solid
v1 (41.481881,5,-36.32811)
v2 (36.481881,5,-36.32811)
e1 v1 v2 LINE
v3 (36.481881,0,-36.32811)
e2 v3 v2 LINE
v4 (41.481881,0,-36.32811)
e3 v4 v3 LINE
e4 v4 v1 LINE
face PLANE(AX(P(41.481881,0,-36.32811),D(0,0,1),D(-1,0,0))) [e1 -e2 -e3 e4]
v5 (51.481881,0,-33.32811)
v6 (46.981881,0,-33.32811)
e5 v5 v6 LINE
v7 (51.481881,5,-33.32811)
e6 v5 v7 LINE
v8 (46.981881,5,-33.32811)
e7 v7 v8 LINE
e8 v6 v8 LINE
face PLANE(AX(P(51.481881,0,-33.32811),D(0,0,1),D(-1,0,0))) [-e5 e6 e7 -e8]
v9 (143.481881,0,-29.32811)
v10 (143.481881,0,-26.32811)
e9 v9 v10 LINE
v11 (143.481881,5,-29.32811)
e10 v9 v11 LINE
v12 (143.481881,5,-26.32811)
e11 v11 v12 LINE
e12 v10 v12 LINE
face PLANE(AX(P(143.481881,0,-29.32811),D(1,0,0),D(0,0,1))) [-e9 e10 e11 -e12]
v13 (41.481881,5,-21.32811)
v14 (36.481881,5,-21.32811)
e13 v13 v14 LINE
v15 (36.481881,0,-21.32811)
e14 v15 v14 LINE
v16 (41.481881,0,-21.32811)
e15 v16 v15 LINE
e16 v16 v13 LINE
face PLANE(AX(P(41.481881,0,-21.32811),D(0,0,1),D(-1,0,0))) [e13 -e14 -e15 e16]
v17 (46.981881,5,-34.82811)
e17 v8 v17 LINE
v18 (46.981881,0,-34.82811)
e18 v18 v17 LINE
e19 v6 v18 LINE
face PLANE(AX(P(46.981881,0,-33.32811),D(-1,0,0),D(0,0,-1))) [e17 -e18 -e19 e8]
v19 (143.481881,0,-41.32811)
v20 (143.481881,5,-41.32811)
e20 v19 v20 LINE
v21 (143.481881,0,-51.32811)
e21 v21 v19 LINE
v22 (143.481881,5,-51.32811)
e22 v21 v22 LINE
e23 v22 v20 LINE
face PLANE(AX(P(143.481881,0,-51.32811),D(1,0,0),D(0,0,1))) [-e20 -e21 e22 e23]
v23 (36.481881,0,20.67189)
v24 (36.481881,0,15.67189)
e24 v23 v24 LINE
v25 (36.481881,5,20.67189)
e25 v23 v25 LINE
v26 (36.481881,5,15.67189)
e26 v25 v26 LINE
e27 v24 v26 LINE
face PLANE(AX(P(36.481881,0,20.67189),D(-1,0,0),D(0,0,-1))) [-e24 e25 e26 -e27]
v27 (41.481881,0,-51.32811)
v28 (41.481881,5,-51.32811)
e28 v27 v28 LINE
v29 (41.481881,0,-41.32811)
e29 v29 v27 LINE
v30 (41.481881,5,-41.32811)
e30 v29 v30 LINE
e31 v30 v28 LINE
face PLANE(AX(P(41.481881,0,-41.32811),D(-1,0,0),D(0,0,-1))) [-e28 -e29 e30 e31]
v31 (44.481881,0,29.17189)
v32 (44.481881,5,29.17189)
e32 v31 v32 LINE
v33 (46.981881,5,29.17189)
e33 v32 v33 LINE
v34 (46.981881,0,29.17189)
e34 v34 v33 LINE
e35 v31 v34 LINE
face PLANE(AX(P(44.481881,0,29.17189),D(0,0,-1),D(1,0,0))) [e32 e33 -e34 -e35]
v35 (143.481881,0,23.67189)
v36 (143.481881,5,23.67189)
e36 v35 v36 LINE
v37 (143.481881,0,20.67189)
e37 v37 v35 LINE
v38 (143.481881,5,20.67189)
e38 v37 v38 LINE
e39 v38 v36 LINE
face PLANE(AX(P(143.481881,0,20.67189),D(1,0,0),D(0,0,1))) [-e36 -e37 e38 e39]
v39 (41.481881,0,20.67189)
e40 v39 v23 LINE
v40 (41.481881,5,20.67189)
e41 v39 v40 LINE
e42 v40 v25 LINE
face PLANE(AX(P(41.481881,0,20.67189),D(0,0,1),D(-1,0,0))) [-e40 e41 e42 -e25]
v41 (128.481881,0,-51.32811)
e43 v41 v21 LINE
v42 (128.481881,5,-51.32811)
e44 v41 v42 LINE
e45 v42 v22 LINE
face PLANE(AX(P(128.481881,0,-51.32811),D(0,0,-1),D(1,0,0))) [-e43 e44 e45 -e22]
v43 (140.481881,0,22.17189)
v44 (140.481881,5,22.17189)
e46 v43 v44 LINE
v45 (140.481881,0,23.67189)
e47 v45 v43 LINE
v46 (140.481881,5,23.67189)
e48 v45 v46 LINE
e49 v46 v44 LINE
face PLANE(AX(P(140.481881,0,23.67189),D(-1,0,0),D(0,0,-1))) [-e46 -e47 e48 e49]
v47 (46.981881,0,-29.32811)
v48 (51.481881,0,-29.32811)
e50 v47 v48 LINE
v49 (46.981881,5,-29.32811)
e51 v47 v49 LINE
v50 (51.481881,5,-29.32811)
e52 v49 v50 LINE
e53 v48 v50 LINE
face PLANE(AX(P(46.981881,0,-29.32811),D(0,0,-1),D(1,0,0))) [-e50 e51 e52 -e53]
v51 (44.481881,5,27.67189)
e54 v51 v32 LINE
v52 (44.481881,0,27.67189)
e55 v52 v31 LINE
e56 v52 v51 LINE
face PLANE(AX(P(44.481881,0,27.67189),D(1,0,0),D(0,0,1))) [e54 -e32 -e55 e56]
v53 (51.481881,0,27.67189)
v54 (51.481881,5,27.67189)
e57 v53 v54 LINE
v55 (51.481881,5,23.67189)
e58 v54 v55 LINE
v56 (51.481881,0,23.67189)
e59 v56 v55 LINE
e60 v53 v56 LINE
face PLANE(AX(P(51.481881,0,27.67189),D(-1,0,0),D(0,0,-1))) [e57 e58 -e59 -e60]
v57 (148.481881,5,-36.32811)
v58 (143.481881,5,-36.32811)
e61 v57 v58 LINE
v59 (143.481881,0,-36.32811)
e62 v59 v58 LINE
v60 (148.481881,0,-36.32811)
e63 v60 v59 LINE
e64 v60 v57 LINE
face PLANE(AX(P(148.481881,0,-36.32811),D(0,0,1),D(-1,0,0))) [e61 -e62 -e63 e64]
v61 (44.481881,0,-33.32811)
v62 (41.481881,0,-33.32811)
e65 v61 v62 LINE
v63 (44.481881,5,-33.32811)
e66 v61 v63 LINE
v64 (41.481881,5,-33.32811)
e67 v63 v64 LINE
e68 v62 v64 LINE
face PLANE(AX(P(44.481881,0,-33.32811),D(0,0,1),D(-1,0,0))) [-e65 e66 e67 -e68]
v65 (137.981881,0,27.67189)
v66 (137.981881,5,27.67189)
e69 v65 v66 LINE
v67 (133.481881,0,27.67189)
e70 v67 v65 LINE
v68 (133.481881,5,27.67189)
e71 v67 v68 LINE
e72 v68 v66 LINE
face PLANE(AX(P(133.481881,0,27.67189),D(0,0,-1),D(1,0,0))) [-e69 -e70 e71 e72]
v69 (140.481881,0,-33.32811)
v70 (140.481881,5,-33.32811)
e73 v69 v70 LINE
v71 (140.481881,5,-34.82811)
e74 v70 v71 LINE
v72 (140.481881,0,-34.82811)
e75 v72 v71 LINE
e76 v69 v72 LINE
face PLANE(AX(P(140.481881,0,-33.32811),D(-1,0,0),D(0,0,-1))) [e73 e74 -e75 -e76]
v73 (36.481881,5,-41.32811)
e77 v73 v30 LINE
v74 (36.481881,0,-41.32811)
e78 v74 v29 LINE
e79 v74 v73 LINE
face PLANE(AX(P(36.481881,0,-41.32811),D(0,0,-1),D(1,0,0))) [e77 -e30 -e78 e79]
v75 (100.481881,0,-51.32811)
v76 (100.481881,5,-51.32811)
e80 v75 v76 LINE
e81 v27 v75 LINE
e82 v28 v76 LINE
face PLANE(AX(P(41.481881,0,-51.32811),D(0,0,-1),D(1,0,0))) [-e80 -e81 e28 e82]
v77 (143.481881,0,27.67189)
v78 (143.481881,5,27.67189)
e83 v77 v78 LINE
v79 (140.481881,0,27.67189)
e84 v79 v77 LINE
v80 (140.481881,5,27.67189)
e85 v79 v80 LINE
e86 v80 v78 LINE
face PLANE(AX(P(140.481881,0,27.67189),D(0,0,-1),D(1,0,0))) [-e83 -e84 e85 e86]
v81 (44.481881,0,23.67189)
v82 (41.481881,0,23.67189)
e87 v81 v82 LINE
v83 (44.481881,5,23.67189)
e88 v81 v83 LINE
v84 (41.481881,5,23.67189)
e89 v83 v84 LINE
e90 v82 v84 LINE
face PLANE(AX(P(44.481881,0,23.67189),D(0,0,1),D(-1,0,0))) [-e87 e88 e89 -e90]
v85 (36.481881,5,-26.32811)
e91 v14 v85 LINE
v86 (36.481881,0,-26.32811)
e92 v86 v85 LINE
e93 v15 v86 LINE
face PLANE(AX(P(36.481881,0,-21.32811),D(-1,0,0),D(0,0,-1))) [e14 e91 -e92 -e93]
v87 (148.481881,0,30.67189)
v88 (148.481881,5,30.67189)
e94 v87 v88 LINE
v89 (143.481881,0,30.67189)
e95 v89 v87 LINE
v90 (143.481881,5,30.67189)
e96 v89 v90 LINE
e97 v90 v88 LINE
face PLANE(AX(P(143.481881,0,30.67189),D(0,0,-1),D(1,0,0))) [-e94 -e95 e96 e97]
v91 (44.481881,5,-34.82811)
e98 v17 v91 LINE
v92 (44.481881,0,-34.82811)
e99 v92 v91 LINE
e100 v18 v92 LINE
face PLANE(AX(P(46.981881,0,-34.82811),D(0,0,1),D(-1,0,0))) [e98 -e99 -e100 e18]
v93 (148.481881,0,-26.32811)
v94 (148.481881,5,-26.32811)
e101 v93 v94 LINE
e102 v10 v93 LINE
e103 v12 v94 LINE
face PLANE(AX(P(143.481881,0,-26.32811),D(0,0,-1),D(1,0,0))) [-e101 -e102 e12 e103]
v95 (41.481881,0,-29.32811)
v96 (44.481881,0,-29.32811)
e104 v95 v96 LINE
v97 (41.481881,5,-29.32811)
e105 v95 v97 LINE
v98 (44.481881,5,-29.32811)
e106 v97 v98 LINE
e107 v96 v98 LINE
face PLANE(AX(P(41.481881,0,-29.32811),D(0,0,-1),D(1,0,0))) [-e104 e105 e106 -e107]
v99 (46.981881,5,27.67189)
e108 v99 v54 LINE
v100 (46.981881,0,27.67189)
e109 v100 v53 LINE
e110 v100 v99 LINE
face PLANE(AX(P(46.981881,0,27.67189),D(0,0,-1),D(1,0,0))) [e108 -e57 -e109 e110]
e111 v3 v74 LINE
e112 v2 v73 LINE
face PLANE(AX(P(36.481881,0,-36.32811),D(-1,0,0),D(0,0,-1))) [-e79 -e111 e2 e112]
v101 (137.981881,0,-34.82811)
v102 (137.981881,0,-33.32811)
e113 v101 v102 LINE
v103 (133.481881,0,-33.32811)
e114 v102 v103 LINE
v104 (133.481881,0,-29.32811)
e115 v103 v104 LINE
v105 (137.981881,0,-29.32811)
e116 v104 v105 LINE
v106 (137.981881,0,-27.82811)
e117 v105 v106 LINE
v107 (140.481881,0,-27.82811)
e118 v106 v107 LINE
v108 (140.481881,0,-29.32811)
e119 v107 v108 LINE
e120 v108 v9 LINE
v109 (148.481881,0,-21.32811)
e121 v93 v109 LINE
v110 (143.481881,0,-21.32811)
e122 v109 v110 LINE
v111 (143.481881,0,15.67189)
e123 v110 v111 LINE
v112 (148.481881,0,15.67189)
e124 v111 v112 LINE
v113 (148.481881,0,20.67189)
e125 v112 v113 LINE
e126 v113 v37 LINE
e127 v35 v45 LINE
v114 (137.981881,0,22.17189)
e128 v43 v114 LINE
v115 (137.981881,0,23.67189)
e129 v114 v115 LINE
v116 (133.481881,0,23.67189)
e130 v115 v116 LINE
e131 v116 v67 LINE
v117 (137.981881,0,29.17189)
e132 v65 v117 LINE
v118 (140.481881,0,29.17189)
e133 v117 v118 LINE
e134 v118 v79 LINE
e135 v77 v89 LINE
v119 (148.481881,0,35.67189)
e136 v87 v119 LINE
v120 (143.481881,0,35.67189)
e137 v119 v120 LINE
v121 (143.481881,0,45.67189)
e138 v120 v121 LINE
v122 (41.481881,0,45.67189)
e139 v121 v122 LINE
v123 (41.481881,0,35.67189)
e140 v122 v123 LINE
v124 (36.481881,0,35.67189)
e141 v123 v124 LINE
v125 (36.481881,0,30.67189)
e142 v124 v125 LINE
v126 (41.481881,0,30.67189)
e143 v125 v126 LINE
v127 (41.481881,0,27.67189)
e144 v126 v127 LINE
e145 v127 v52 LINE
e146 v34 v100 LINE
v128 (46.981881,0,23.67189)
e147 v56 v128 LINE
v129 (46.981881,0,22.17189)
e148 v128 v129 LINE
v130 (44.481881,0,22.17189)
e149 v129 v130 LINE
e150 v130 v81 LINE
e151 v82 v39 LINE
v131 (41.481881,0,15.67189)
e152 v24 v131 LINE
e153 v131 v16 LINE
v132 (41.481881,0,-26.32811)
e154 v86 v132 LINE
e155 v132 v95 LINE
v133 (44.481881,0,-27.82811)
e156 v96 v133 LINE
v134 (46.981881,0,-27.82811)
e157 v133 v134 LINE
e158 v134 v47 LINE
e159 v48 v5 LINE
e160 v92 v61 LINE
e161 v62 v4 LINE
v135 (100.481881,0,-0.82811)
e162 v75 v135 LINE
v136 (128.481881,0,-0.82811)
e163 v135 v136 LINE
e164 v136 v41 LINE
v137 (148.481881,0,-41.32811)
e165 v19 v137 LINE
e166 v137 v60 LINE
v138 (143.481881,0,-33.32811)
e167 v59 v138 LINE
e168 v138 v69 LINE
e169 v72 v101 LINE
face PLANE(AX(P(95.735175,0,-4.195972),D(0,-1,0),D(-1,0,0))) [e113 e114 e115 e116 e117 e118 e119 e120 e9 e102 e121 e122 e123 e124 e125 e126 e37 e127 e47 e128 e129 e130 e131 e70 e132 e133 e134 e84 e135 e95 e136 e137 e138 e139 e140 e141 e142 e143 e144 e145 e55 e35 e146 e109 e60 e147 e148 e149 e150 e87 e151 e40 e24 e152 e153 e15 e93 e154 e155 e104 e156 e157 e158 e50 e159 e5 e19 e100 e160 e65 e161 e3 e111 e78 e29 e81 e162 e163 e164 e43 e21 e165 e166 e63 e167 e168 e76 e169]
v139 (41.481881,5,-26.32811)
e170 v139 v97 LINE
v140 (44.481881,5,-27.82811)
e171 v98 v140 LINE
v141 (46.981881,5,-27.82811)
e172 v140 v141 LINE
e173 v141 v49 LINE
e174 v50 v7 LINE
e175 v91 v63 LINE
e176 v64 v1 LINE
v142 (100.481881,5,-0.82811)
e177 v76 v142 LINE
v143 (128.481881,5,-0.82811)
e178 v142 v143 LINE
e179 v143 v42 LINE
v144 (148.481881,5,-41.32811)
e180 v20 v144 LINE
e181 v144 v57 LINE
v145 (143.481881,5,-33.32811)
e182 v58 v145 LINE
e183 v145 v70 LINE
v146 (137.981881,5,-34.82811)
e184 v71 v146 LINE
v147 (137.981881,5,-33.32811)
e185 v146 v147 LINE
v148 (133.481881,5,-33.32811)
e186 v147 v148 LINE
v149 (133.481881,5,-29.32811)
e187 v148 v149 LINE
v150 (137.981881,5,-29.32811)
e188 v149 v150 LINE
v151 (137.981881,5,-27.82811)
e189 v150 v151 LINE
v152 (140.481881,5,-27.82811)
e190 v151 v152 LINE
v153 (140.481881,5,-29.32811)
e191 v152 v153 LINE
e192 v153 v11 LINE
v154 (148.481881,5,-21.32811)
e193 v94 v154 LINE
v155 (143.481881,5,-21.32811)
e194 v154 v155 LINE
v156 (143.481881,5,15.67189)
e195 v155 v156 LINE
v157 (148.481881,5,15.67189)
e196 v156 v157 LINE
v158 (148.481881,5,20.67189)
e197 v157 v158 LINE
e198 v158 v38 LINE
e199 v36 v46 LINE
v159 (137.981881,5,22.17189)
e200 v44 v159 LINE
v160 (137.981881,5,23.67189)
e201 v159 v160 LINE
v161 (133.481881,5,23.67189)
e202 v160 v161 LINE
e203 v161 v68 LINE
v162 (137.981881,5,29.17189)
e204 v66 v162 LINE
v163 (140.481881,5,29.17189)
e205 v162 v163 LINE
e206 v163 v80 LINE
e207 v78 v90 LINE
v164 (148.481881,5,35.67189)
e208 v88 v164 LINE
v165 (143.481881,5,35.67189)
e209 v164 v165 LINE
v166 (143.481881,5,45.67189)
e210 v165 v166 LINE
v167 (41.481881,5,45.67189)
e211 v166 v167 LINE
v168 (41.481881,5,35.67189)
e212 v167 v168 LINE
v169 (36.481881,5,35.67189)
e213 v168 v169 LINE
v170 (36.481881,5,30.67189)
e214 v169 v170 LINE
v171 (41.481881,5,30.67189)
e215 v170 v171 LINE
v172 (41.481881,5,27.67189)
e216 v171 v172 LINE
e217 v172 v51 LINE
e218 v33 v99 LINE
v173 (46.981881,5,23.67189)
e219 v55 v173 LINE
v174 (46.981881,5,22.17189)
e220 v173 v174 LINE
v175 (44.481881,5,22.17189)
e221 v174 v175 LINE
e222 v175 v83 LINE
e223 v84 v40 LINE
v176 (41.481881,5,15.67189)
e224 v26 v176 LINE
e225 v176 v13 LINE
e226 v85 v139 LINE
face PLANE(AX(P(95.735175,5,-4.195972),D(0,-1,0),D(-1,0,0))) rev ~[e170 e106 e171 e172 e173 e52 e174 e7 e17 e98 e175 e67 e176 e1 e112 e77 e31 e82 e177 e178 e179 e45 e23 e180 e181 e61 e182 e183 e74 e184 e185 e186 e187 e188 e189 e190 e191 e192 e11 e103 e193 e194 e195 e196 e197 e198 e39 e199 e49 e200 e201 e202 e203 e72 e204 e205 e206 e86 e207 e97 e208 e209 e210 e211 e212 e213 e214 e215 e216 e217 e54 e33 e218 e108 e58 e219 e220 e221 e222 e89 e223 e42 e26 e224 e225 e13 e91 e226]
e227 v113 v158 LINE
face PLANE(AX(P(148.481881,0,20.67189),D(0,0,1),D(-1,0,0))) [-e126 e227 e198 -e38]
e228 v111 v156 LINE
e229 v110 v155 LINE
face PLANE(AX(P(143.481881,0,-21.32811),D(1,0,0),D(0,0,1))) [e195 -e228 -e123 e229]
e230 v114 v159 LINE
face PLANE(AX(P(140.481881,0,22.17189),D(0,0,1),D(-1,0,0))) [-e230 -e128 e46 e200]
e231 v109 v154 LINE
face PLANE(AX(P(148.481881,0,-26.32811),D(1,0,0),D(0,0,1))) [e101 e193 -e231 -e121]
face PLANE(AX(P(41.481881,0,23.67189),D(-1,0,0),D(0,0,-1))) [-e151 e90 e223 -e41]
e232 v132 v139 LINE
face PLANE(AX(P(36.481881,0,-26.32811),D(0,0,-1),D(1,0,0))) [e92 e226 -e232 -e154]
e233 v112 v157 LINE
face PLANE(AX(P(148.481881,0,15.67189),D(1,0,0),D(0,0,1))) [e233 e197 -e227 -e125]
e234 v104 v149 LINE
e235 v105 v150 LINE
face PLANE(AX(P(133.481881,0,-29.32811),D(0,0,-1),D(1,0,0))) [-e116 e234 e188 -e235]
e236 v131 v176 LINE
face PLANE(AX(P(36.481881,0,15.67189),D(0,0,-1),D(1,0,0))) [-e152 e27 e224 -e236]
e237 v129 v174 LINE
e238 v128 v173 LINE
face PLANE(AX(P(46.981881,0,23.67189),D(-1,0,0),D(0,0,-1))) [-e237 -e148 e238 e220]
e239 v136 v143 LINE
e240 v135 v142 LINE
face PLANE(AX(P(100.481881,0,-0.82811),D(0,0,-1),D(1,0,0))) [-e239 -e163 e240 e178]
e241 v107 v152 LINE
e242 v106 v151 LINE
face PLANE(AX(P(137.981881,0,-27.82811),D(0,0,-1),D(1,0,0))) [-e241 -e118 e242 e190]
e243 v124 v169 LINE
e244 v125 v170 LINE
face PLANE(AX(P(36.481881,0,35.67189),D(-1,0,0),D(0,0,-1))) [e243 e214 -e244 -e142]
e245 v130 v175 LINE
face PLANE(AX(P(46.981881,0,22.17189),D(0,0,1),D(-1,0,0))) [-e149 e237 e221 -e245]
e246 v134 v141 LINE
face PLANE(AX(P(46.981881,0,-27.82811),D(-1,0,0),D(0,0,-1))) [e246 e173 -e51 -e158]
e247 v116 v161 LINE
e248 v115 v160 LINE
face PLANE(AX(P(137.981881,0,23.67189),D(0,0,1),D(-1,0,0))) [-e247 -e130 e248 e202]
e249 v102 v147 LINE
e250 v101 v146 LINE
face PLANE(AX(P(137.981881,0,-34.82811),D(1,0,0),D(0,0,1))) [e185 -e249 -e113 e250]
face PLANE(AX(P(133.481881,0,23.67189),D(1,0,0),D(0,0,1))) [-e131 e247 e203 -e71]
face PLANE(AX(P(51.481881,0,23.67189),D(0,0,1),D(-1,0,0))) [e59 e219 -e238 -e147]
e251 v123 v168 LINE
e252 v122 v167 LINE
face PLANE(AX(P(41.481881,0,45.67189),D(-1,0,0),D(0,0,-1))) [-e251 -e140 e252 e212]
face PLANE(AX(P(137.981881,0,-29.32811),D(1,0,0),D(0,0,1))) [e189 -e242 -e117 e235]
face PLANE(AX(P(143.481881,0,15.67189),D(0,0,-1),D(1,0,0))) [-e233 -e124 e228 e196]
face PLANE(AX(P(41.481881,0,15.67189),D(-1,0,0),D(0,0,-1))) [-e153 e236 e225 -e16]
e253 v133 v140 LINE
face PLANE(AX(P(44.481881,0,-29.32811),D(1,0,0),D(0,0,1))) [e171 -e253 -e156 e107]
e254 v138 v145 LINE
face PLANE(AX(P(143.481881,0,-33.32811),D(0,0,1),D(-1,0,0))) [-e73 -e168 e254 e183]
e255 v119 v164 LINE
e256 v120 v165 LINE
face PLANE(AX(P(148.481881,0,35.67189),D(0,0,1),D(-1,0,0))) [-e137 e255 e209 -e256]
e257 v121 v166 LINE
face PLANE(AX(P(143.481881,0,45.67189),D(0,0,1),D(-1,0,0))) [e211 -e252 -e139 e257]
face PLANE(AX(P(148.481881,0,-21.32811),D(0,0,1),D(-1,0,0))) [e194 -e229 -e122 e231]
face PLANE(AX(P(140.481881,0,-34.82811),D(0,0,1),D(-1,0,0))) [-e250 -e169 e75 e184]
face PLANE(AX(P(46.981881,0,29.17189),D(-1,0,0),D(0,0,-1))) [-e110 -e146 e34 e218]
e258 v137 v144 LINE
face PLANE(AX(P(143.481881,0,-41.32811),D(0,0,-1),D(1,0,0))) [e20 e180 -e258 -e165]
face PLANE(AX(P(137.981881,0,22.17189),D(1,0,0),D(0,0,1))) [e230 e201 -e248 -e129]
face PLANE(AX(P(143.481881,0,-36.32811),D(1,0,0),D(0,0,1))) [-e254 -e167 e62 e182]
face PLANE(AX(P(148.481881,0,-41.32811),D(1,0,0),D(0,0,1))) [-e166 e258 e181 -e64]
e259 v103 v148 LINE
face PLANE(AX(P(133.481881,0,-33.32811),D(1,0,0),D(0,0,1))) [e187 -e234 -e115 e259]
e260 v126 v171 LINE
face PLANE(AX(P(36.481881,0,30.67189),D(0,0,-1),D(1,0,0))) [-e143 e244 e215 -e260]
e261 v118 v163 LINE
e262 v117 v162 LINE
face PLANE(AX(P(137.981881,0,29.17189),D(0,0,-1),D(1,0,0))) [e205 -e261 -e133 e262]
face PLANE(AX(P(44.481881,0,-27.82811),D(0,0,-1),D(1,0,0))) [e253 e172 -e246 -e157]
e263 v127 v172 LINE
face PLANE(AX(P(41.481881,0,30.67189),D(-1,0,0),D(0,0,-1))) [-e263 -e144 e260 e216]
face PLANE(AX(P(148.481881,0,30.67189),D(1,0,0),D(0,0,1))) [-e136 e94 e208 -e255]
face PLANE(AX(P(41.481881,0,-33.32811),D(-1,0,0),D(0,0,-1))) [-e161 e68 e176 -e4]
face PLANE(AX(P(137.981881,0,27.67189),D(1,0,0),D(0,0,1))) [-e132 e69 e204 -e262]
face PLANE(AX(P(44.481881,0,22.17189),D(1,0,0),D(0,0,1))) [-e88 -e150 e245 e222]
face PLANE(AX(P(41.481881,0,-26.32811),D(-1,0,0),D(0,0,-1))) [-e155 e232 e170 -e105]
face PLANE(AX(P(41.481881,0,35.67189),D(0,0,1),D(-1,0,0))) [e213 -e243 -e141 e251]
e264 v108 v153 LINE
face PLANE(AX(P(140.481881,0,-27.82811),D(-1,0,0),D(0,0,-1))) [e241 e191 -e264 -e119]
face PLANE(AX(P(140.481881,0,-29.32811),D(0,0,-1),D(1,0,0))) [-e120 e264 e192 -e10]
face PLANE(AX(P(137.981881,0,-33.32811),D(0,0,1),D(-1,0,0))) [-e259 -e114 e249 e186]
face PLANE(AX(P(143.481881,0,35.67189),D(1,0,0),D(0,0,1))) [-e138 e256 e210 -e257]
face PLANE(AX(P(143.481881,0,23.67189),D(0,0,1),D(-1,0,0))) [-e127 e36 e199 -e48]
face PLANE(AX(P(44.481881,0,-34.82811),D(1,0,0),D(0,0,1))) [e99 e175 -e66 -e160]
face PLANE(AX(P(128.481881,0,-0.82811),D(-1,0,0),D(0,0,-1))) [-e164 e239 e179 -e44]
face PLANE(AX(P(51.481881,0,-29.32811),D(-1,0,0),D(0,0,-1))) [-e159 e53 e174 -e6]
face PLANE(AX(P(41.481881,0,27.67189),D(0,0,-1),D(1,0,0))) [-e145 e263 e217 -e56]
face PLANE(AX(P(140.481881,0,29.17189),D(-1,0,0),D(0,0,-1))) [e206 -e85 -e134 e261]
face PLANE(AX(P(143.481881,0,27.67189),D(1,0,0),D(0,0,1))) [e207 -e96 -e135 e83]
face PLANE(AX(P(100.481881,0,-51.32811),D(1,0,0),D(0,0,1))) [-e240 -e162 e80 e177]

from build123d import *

# Parameters (mm, degrees)
BOSS_EXTRUDE2_DEPTH = 5


with BuildPart() as part:
    # Sketch2 → Boss-Extrude2 (new body)
    with BuildSketch(Plane(origin=(0, 0, 0), x_dir=(1, 0, 0), z_dir=(0, 1, 0))):
        Polygon((143.481880544, 36.328109734), (143.481880544, 33.328109734), (140.481880544, 33.328109734), (140.481880544, 34.828109734), (137.981880544, 34.828109734), (137.981880544, 33.328109734), (133.481880544, 33.328109734), (133.481880544, 29.328109734), (137.981880544, 29.328109734), (137.981880544, 27.828109734), (140.481880544, 27.828109734), (140.481880544, 29.328109734), (143.481880544, 29.328109734), (143.481880544, 26.328109734), (148.481880544, 26.328109734), (148.481880544, 21.328109734), (143.481880544, 21.328109734), (143.481880544, -15.671890266), (148.481880544, -15.671890266), (148.481880544, -20.671890266), (143.481880544, -20.671890266), (143.481880544, -23.671890266), (140.481880544, -23.671890266), (140.481880544, -22.171890266), (137.981880544, -22.171890266), (137.981880544, -23.671890266), (133.481880544, -23.671890266), (133.481880544, -27.671890266), (137.981880544, -27.671890266), (137.981880544, -29.171890266), (140.481880544, -29.171890266), (140.481880544, -27.671890266), (143.481880544, -27.671890266), (143.481880544, -30.671890266), (148.481880544, -30.671890266), (148.481880544, -35.671890266), (143.481880544, -35.671890266), (143.481880544, -45.671890266), (41.481880544, -45.671890266), (41.481880544, -35.671890266), (36.481880544, -35.671890266), (36.481880544, -30.671890266), (41.481880544, -30.671890266), (41.481880544, -27.671890266), (44.481880544, -27.671890266), (44.481880544, -29.171890266), (46.981880544, -29.171890266), (46.981880544, -27.671890266), (51.481880544, -27.671890266), (51.481880544, -23.671890266), (46.981880544, -23.671890266), (46.981880544, -22.171890266), (44.481880544, -22.171890266), (44.481880544, -23.671890266), (41.481880544, -23.671890266), (41.481880544, -20.671890266), (36.481880544, -20.671890266), (36.481880544, -15.671890266), (41.481880544, -15.671890266), (41.481880544, 21.328109734), (36.481880544, 21.328109734), (36.481880544, 26.328109734), (41.481880544, 26.328109734), (41.481880544, 29.328109734), (44.481880544, 29.328109734), (44.481880544, 27.828109734), (46.981880544, 27.828109734), (46.981880544, 29.328109734), (51.481880544, 29.328109734), (51.481880544, 33.328109734), (46.981880544, 33.328109734), (46.981880544, 34.828109734), (44.481880544, 34.828109734), (44.481880544, 33.328109734), (41.481880544, 33.328109734), (41.481880544, 36.328109734), (36.481880544, 36.328109734), (36.481880544, 41.328109734), (41.481880544, 41.328109734), (41.481880544, 51.328109734), (100.481880544, 51.328109734), (100.481880544, 0.828109734), (128.481880544, 0.828109734), (128.481880544, 51.328109734), (143.481880544, 51.328109734), (143.481880544, 41.328109734), (148.481880544, 41.328109734), (148.481880544, 36.328109734), align=None)
    extrude(amount=BOSS_EXTRUDE2_DEPTH)


solid = part.part
